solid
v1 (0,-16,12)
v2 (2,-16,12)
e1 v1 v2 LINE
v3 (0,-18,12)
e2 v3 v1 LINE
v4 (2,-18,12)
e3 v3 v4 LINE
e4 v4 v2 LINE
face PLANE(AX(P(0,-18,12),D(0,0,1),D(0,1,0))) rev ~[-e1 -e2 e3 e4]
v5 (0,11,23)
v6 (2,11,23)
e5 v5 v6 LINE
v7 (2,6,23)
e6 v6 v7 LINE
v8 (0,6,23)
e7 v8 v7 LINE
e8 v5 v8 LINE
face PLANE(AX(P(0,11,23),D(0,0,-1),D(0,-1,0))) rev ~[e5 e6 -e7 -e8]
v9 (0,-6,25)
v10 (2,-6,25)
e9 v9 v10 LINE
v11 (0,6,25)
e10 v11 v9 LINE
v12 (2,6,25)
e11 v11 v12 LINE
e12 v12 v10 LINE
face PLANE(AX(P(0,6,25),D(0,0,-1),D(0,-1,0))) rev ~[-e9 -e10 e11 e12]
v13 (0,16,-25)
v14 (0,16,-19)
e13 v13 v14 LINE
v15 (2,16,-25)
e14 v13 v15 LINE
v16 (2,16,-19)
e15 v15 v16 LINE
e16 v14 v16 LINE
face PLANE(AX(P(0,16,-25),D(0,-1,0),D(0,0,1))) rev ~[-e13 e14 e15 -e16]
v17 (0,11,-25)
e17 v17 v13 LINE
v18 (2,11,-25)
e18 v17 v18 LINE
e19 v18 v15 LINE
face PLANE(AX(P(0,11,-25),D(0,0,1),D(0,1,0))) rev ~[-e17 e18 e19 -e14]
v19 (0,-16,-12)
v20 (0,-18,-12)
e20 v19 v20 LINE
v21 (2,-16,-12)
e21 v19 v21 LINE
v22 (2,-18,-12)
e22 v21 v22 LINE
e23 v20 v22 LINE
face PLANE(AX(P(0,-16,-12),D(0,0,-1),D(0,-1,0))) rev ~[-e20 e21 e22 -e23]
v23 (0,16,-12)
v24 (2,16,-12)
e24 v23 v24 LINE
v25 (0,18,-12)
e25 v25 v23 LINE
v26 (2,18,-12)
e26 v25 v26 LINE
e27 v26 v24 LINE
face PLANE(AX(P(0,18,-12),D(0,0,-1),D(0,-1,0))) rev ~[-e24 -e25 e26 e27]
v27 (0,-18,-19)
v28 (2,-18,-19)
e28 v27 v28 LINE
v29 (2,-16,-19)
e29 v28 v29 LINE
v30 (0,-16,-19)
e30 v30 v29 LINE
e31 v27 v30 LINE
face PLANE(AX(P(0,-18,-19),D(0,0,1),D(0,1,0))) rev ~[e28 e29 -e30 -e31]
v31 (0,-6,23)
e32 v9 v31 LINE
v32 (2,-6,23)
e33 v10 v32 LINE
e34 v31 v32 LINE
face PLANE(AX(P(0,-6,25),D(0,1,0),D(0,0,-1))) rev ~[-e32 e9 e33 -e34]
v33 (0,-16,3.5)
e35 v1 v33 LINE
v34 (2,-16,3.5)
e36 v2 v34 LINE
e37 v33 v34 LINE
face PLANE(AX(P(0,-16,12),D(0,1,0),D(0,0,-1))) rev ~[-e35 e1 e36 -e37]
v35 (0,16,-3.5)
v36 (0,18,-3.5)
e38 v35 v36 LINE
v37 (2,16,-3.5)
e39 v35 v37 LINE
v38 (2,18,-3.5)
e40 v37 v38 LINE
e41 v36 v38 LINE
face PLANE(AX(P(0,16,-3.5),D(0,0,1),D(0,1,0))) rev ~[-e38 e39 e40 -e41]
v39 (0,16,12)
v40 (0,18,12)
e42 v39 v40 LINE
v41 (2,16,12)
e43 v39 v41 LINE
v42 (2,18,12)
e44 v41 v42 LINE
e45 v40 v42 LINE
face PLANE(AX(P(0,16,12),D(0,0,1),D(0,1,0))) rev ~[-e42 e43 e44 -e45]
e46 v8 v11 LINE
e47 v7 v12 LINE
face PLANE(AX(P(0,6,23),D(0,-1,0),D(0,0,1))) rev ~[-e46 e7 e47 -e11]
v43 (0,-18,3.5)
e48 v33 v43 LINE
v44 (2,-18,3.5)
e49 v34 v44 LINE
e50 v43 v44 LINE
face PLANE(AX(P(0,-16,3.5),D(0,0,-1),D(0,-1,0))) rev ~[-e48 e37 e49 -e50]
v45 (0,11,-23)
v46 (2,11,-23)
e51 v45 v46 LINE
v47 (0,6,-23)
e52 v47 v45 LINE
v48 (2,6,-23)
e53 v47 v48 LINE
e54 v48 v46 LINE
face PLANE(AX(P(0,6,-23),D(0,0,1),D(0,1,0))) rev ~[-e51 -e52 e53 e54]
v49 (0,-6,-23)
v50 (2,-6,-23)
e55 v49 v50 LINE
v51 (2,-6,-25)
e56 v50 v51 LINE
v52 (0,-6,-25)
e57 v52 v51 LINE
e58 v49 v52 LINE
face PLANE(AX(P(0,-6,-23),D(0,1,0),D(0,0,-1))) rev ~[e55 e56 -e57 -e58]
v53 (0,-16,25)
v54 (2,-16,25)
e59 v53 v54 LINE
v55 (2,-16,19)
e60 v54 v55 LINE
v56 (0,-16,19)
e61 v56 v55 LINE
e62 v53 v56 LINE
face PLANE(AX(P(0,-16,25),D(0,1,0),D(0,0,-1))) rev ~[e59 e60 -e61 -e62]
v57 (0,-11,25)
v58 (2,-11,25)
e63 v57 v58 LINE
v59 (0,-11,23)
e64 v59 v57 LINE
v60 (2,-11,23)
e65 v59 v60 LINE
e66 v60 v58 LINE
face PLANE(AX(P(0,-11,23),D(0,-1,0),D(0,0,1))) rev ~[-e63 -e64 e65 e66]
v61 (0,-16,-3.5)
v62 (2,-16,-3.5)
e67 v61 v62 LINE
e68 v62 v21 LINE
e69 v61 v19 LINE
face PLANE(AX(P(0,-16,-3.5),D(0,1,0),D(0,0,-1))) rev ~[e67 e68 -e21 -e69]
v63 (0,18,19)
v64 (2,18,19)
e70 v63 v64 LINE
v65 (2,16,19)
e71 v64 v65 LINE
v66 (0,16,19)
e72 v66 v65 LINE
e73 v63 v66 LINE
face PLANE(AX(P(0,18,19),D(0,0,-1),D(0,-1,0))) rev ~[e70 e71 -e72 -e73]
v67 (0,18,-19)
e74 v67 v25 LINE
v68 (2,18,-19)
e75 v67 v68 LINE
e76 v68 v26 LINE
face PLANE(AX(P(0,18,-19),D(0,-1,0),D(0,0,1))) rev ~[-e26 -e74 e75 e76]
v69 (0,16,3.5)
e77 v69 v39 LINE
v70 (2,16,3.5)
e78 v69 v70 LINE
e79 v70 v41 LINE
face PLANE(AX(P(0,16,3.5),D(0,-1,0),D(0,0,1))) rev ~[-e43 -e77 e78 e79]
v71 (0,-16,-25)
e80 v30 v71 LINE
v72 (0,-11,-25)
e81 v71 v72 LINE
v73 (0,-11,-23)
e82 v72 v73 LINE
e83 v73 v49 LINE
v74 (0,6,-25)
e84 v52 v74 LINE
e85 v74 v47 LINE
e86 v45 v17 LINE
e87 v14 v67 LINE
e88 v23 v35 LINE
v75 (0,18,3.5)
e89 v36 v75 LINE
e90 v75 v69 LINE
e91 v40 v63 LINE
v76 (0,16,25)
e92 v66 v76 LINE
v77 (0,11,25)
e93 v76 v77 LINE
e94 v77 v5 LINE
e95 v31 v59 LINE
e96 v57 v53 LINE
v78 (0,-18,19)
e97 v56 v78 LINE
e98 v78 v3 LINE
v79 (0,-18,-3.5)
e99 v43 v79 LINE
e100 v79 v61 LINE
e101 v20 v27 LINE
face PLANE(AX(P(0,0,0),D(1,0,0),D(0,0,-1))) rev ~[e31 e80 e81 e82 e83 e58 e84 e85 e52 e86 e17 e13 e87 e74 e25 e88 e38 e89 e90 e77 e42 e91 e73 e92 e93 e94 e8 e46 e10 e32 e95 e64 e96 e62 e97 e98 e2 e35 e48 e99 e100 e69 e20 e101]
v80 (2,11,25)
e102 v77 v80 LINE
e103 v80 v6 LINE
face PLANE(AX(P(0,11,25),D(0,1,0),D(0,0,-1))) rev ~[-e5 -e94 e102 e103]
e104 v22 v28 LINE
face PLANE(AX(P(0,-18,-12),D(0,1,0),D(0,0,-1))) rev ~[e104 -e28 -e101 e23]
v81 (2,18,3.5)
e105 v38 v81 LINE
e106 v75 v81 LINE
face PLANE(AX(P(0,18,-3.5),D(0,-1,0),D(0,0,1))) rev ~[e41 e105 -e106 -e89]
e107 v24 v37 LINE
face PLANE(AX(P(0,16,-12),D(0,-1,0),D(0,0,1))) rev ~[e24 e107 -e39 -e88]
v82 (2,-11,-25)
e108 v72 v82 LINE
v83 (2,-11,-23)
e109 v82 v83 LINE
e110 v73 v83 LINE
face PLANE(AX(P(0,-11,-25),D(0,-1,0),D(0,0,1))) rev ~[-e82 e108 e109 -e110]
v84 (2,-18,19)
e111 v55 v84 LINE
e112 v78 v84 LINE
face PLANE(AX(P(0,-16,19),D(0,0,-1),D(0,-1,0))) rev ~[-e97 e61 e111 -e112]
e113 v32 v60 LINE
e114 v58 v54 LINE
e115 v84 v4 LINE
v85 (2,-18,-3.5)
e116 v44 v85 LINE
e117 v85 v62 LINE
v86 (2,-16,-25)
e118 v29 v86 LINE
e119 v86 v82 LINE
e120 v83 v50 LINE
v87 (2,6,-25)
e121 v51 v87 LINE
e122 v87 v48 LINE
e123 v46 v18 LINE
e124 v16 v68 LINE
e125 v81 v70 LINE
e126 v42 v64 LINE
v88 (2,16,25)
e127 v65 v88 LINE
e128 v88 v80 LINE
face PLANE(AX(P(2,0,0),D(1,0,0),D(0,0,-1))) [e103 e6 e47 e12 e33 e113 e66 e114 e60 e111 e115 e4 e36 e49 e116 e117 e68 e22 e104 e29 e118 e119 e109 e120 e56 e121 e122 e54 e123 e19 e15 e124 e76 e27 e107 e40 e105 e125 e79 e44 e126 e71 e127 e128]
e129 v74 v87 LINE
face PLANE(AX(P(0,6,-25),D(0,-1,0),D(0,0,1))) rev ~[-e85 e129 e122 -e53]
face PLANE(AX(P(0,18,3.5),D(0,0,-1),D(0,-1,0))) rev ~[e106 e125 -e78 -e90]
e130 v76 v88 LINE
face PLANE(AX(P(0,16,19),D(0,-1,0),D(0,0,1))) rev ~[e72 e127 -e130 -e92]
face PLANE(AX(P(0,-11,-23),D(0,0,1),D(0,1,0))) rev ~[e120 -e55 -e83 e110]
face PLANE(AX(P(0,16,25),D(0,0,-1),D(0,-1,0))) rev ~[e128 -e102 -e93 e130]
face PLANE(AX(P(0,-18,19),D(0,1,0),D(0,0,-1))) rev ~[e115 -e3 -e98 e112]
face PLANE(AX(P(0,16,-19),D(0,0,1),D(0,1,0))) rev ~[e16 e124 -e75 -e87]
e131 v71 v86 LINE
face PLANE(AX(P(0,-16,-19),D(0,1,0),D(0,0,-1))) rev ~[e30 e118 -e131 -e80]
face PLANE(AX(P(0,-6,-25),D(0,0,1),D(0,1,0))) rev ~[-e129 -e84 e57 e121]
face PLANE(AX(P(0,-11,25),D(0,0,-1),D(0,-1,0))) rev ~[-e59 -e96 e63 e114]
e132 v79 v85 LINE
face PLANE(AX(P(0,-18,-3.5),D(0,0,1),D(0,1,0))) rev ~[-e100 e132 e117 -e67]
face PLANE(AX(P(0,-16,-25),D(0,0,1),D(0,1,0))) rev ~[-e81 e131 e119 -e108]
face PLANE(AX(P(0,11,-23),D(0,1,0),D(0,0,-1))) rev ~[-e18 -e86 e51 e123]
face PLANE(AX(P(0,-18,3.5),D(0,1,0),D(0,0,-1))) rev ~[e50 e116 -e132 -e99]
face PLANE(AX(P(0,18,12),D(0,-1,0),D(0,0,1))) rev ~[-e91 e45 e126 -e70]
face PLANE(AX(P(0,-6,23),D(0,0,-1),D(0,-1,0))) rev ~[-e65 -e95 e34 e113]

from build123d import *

# Parameters (mm, degrees)
BOSS_EXTRUDE1_DEPTH = 2


with BuildPart() as part:
    # Sketch1 → Boss-Extrude1 (new body)
    with BuildSketch(Plane(origin=(0, 0, 0), x_dir=(0, 0, -1), z_dir=(1, 0, 0))):
        Polygon((-19, 16), (-25, 16), (-25, 11), (-23, 11), (-23, 6), (-25, 6), (-25, -6), (-23, -6), (-23, -11), (-25, -11), (-25, -16), (-19, -16), (-19, -18), (-12, -18), (-12, -16), (-3.5, -16), (-3.5, -18), (3.5, -18), (3.5, -16), (12, -16), (12, -18), (19, -18), (19, -16), (25, -16), (25, -11), (23, -11), (23, -6), (25, -6), (25, 6), (23, 6), (23, 11), (25, 11), (25, 16), (19, 16), (19, 18), (12, 18), (12, 16), (3.5, 16), (3.5, 18), (-3.5, 18), (-3.5, 16), (-12, 16), (-12, 18), (-19, 18), align=None)
    extrude(amount=BOSS_EXTRUDE1_DEPTH)


solid = part.part
